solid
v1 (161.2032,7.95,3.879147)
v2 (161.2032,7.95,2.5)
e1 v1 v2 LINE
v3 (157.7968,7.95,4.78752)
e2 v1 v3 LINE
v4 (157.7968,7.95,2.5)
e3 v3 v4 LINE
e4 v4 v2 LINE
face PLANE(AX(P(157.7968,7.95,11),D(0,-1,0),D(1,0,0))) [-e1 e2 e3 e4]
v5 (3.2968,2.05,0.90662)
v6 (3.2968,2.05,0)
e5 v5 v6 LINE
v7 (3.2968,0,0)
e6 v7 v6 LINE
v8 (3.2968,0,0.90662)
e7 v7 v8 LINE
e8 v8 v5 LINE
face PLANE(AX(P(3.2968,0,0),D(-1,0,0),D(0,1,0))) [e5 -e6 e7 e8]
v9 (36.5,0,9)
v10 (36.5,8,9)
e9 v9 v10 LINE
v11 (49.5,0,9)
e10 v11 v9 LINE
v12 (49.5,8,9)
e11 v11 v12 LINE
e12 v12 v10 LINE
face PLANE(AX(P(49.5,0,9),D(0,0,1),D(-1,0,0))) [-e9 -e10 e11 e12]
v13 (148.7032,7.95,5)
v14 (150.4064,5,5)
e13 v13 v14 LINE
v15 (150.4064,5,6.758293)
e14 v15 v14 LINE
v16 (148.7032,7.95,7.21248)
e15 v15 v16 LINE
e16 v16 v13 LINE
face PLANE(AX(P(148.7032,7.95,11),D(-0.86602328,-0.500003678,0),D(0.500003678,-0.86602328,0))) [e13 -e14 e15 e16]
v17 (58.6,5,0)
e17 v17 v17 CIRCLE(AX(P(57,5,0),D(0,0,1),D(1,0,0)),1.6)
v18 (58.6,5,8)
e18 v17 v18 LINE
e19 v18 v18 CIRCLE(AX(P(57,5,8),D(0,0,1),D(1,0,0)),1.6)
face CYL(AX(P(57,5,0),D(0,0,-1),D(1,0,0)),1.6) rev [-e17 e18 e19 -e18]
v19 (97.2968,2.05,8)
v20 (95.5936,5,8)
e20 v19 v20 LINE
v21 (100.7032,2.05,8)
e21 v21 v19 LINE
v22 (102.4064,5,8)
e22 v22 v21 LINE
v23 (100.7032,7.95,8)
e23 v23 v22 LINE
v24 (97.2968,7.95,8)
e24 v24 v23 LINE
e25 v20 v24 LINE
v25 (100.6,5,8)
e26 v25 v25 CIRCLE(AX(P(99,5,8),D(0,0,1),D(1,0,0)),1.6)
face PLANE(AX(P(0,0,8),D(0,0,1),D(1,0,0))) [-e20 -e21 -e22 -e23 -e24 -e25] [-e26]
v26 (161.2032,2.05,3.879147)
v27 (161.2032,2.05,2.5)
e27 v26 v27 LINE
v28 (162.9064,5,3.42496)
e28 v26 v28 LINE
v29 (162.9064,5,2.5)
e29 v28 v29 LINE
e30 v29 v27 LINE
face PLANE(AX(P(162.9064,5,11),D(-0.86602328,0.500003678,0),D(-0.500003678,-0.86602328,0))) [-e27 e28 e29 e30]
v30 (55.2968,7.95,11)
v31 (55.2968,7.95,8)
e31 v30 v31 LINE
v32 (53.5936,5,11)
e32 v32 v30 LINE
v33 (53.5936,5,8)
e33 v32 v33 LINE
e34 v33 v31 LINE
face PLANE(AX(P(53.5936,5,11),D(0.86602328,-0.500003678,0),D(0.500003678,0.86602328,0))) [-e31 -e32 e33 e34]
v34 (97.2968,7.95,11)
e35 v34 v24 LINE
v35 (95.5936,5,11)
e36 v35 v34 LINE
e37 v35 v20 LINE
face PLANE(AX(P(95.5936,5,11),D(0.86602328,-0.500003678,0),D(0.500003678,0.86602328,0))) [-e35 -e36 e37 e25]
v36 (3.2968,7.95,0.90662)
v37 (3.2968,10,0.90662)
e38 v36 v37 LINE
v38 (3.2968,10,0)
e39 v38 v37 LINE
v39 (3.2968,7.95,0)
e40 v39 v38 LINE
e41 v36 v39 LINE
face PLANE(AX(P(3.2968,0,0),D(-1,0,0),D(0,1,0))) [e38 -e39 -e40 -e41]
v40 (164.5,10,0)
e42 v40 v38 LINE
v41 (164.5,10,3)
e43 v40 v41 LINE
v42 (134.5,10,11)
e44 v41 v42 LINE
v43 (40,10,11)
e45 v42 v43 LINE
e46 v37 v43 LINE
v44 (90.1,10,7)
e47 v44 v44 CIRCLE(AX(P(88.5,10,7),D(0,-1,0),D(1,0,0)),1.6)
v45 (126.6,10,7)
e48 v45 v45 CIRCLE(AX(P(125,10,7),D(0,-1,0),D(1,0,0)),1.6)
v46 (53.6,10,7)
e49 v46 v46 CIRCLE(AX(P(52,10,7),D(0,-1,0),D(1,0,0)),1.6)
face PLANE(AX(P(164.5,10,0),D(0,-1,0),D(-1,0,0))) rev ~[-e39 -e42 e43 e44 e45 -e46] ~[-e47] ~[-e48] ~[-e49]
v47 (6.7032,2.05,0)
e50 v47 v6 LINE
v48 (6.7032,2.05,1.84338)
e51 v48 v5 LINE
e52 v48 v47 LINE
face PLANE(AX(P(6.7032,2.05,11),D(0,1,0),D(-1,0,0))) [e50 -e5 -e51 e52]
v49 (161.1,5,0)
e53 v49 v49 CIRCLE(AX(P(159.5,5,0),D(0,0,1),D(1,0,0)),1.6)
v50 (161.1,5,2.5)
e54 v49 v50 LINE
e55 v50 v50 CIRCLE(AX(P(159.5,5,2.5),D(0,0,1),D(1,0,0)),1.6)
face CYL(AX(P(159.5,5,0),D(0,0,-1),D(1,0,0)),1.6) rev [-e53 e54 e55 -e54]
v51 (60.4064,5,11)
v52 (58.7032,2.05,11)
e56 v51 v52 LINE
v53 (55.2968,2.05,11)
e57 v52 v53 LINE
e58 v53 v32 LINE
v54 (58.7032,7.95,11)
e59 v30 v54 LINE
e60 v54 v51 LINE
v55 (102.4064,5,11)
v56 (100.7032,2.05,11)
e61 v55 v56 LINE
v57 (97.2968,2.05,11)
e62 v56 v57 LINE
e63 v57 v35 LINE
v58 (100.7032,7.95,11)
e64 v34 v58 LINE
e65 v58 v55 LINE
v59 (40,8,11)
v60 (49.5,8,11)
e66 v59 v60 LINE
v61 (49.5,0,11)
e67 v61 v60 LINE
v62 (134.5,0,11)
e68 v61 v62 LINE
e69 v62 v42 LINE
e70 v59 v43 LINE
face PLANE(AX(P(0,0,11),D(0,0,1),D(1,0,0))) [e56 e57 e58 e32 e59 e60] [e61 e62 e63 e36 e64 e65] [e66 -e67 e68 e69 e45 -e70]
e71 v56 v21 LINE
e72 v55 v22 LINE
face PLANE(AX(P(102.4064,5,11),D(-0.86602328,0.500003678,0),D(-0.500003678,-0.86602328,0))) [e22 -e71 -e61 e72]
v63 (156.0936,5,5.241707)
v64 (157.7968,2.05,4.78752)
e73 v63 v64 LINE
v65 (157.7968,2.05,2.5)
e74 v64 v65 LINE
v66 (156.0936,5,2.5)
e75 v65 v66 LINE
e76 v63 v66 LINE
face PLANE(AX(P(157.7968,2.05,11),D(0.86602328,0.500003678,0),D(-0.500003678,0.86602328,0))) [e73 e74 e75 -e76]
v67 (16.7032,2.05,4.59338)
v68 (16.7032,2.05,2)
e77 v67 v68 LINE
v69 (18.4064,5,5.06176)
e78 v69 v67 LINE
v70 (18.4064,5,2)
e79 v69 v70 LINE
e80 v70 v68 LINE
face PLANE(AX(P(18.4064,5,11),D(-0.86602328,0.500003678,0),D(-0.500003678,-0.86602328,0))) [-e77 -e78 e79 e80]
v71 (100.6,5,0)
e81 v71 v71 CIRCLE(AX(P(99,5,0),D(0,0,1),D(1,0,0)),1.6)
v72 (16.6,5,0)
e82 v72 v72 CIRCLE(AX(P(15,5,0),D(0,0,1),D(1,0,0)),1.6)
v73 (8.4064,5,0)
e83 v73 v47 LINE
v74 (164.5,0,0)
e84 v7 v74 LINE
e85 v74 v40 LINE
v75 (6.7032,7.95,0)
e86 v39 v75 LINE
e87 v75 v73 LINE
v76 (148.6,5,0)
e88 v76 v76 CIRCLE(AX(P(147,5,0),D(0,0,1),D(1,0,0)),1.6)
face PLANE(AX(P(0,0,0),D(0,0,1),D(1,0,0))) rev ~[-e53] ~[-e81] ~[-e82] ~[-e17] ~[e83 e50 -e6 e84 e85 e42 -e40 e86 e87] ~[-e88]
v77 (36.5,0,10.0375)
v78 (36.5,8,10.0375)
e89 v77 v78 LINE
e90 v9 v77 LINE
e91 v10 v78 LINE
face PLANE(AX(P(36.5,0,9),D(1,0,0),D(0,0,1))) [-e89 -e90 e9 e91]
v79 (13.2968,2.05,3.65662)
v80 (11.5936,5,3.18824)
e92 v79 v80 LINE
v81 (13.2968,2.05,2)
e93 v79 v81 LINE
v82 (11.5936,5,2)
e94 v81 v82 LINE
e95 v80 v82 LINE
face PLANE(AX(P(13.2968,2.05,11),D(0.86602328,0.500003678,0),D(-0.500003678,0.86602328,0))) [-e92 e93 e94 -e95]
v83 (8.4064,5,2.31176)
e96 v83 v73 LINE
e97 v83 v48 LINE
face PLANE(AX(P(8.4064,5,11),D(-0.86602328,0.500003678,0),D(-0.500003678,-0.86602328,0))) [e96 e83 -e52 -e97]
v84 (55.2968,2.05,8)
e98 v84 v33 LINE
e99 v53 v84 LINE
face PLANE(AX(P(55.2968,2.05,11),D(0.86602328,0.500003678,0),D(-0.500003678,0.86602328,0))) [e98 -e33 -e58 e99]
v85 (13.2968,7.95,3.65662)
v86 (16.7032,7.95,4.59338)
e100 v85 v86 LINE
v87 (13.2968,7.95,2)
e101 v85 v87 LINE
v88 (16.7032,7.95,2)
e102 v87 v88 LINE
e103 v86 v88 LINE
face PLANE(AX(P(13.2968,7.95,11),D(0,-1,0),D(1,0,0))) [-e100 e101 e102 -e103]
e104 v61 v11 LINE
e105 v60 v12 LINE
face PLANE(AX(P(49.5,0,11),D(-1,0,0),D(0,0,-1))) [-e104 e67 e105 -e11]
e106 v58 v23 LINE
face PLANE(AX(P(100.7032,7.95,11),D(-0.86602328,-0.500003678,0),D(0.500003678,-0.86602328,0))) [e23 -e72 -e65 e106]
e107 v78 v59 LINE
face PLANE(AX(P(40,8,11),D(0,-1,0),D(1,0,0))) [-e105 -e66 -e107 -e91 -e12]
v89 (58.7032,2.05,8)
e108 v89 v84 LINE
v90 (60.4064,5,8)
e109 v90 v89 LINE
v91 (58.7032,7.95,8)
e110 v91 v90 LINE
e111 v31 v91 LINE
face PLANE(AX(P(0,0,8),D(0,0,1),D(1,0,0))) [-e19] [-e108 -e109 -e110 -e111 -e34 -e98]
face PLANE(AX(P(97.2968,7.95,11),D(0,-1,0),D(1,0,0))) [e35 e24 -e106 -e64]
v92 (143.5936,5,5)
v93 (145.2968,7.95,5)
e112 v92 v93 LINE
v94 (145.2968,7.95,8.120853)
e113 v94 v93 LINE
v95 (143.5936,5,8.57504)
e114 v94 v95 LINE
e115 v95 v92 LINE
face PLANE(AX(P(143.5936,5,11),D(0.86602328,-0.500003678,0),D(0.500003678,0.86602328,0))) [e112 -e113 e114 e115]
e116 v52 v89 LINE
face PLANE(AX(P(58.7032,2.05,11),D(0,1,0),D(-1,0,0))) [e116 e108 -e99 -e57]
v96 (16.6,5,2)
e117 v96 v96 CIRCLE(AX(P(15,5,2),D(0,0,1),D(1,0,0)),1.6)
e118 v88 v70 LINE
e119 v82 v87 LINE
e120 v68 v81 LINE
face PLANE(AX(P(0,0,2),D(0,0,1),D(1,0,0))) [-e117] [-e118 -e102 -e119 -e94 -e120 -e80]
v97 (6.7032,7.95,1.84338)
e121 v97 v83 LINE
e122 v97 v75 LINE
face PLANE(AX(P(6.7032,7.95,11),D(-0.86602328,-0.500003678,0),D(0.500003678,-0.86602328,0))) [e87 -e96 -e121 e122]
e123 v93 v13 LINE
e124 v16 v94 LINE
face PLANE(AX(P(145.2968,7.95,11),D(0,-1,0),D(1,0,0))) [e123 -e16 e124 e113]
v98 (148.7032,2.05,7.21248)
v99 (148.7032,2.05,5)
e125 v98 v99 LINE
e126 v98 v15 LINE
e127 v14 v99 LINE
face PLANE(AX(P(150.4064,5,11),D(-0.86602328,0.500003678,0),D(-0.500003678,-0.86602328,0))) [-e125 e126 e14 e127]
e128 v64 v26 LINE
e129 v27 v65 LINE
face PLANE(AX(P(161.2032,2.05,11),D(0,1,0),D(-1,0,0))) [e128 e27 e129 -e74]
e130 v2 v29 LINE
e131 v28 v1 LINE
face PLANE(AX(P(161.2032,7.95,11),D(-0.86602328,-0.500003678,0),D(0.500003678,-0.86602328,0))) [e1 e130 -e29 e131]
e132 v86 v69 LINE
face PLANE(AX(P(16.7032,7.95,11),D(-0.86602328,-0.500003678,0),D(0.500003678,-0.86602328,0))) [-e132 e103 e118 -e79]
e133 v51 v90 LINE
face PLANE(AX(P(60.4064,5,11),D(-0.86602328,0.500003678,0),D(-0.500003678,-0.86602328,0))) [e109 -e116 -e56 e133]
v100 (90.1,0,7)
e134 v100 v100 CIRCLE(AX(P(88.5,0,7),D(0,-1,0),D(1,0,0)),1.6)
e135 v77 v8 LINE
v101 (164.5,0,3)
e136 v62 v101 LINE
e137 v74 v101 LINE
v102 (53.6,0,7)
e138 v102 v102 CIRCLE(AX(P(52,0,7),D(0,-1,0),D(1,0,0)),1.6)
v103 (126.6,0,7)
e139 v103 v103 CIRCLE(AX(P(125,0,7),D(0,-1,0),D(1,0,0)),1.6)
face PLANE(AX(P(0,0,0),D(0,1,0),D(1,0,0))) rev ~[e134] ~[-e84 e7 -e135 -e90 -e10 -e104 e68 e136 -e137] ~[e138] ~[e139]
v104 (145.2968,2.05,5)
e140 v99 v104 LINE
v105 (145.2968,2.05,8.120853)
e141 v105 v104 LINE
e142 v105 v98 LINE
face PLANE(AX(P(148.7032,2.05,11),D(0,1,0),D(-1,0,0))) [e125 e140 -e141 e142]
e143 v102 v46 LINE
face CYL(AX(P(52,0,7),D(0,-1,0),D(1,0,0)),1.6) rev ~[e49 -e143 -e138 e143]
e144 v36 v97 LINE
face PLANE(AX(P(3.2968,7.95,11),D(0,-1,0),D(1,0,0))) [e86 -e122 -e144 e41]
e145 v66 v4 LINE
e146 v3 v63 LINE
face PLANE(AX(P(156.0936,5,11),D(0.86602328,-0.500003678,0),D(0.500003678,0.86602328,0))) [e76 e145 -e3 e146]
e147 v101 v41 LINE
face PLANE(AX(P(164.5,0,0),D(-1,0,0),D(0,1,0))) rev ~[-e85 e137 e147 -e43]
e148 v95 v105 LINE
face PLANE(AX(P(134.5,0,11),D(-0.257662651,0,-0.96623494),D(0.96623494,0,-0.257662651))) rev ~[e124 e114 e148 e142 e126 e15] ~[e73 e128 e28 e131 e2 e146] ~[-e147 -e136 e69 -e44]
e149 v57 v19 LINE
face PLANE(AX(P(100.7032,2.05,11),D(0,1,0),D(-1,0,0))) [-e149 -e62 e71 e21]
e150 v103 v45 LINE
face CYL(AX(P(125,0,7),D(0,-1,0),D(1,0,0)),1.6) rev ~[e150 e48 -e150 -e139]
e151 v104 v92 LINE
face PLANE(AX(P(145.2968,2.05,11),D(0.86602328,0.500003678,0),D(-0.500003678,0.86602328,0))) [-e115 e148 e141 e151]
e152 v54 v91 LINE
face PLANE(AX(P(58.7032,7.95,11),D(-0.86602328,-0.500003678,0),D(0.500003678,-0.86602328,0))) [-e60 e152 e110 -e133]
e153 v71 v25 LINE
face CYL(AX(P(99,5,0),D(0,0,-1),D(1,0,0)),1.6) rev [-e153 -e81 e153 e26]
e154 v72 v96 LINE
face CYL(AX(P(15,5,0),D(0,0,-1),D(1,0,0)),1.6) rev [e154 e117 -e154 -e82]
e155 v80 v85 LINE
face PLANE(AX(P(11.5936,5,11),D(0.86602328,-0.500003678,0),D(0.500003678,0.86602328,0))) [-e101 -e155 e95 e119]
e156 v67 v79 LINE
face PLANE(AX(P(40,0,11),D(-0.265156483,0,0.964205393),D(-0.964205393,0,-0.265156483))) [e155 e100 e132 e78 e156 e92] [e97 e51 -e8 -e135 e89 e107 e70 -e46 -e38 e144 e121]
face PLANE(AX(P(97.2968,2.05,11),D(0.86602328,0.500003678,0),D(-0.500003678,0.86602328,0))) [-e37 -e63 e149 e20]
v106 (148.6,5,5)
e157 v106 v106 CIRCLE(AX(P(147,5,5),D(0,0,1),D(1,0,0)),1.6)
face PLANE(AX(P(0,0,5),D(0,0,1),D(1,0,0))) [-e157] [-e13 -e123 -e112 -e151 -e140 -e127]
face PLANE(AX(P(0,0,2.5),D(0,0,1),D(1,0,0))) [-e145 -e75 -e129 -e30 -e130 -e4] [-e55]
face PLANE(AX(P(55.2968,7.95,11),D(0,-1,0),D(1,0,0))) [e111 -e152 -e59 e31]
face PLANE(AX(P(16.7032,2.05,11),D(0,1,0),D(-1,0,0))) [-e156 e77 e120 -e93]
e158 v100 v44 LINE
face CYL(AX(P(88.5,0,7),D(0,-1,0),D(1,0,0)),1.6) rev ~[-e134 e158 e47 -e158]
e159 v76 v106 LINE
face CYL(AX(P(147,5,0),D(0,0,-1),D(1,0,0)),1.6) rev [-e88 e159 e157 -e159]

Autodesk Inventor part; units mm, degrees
ref_plane "YZ Plane" through (0, 0, 0) normal (1, 0, 0) x (0, 1, 0)
ref_plane "XZ Plane" through (0, 0, 0) normal (0, 1, 0) x (-1, 0, 0)
ref_plane "XY Plane" through (0, 0, 0) normal (0, 0, 1) x (1, 0, 0)
sketch "Sketch1" plane through (0, 0, 0) normal (0, 0, 1) x (1, 0, 0)
  line L0 (0, 0) -> (164.5, 0)
  line L1 (164.5, 0) -> (164.5, 10)
  line L2 (164.5, 10) -> (0, 10)
  line L3 (0, 10) -> (0, 0)
  circle A0 centre (57, 5) radius 1.6
  circle A1 centre (99, 5) radius 1.6
  circle A2 centre (159.5, 5) radius 1.6
  circle A3 centre (147, 5) radius 1.6
  circle A4 centre (15, 5) radius 1.6
  circle A5 centre (5, 5) radius 1.6
  dimension "d1" = 10
  dimension "d2" = 90
  dimension "d4" = 3.2
  dimension "d6" = 3.2
  dimension "d7" = 3.2
  dimension "d8" = 42
  dimension "d9" = 60.5
  dimension "d26" = 3.2
  dimension "d27" = 48
  dimension "d28" = 3.2
  dimension "d29" = 42
  dimension "d32" = 15
  dimension "d33" = 5
  dimension "d61" = 3.2
  dimension "d62" = 10
  dimension "d63" = 12.5
ref_plane "Work Plane2" through (0, 0, 0) normal (0, -1, 0) x (1, 0, 0)
sketch "Sketch2" plane through (0, 0, 0) normal (0, -1, 0) x (1, 0, 0)
  circle A0 centre (52, 7) radius 1.6
  circle A1 centre (125, 7) radius 1.6
  circle A2 centre (88.5, 7) radius 1.6
  point P0 (0, 0)
  dimension "d13" = 3.2
  dimension "d15" = 3.2
  dimension "d17" = 3.2
  dimension "d18" = 36.5
  dimension "d64" = 52
  dimension "d65" = 36.5
ref_plane "Work Plane1" through (0, 0, 11) normal (0, 0, 1) x (1, 0, 0)
extrude "klocek" add sketch "Sketch1" along normal blind 11
ref_plane "Work Plane3" through (0, 0, 0) normal (0, -1, 0) x (1, 0, 0)
extrude "prowadzenie osi" cut sketch "Sketch2" against normal up to next
ref_plane "Work Plane4" through (0, 0, 0) normal (0, -1, 0) x (1, 0, 0)
sketch "Sketch7" plane through (0, 0, 0) normal (0, -1, 0) x (1, 0, 0)
  line L0 (0, 11) -> (0, 0)
  line L1 (0, 11) -> (164.5, 11) projected
  line L2 (0, 11) -> (40, 11)
  line L3 (40, 11) -> (0, 0)
  point P0 (0, -1.8333)
  dimension "d86" = 11
  dimension "d87" = 40
sketch "Sketch8" plane through (0, 0, 0) normal (0, -1, 0) x (1, 0, 0)
  line L0 (164.5, 0) -> (164.5, 11) projected
  line L1 (164.5, 11) -> (164.5, 3)
  line L2 (164.5, 11) -> (0, 11) projected
  line L3 (164.5, 11) -> (134.5, 11)
  line L4 (134.5, 11) -> (164.5, 3)
  point P0 (0, 0)
  point P1 (40.8333, 11)
  dimension "d80" = 8
  dimension "d81" = 30
extrude "przedni skos" cut sketch "Sketch7" against normal up to next
extrude "tylni skos" cut sketch "Sketch8" against normal up to next
ref_plane "Work Plane7" through (0, 0, 11) normal (0, 0, 1) x (1, 0, 0)
sketch "Sketch5" plane through (0, 0, 11) normal (0, 0, 1) x (1, 0, 0)
  circle A0 centre (99, 5) radius 1.6 projected
  line L0 (95.5936, 5) -> (97.2968, 7.95)
  line L1 (97.2968, 7.95) -> (100.7032, 7.95)
  line L2 (100.7032, 7.95) -> (102.4064, 5)
  line L3 (102.4064, 5) -> (100.7032, 2.05)
  line L4 (100.7032, 2.05) -> (97.2968, 2.05)
  line L5 (97.2968, 2.05) -> (95.5936, 5)
  circle A1 centre (57, 5) radius 1.6 projected
  line L6 (60.4064, 5) -> (58.7032, 2.05)
  line L7 (58.7032, 2.05) -> (55.2968, 2.05)
  line L8 (55.2968, 2.05) -> (53.5936, 5)
  line L9 (53.5936, 5) -> (55.2968, 7.95)
  line L10 (55.2968, 7.95) -> (58.7032, 7.95)
  line L11 (58.7032, 7.95) -> (60.4064, 5)
  point P0 (119.5, 5)
  dimension "d98" = 5.9
  dimension "d100" = 5.9
extrude "hex insert middle" cut sketch "Sketch5" against normal blind 3
ref_plane "Work Plane6" through (0, 0, 11) normal (0, 0, 1) x (1, 0, 0)
sketch "Sketch9" plane through (0, 0, 11) normal (0, 0, 1) x (1, 0, 0)
  circle A0 centre (147, 5) radius 1.6 projected
  line L0 (150.4064, 5) -> (148.7032, 2.05)
  line L1 (148.7032, 2.05) -> (145.2968, 2.05)
  line L2 (145.2968, 2.05) -> (143.5936, 5)
  line L3 (143.5936, 5) -> (145.2968, 7.95)
  line L4 (145.2968, 7.95) -> (148.7032, 7.95)
  line L5 (148.7032, 7.95) -> (150.4064, 5)
  point P0 (0, 0)
  point P1 (153, 5)
  dimension "d99" = 5.9
extrude "hex insert rear 1" cut sketch "Sketch9" against normal blind 6
ref_plane "Work Plane5" through (0, 0, 11) normal (0, 0, 1) x (1, 0, 0)
sketch "Sketch10" plane through (0, 0, 11) normal (0, 0, 1) x (1, 0, 0)
  circle A0 centre (159.5, 5) radius 1.6 projected
  line L0 (162.9064, 5) -> (161.2032, 2.05)
  line L1 (161.2032, 2.05) -> (157.7968, 2.05)
  line L2 (157.7968, 2.05) -> (156.0936, 5)
  line L3 (156.0936, 5) -> (157.7968, 7.95)
  line L4 (157.7968, 7.95) -> (161.2032, 7.95)
  line L5 (161.2032, 7.95) -> (162.9064, 5)
  point P0 (0, 0)
  dimension "d101" = 5.9
extrude "hex insert rear 2" cut sketch "Sketch10" against normal blind 8.5
sketch "Sketch13" plane through (0, 0, 11) normal (0, 0, 1) x (1, 0, 0)
  circle A0 centre (5, 5) radius 1.6 projected
  line L0 (8.4064, 5) -> (6.7032, 2.05)
  line L1 (6.7032, 2.05) -> (3.2968, 2.05)
  line L2 (3.2968, 2.05) -> (1.5936, 5)
  line L3 (1.5936, 5) -> (3.2968, 7.95)
  line L4 (3.2968, 7.95) -> (6.7032, 7.95)
  line L5 (6.7032, 7.95) -> (8.4064, 5)
  point P0 (0, 0)
  dimension "d90" = 5.9
extrude "hex insert front 1" cut sketch "Sketch13" against normal through all
sketch "Sketch16" plane through (0, 0, 11) normal (0, 0, 1) x (1, 0, 0)
  circle A0 centre (15, 5) radius 1.6 projected
  line L0 (18.4064, 5) -> (16.7032, 2.05)
  line L1 (16.7032, 2.05) -> (13.2968, 2.05)
  line L2 (13.2968, 2.05) -> (11.5936, 5)
  line L3 (11.5936, 5) -> (13.2968, 7.95)
  line L4 (13.2968, 7.95) -> (16.7032, 7.95)
  line L5 (16.7032, 7.95) -> (18.4064, 5)
  point P0 (0, 0)
  dimension "d93" = 5.9
extrude "hex insert front 2" cut sketch "Sketch16" against normal blind 9
sketch "Sketch17" plane through (0, 0, 0) normal (0, 0, -1) x (-1, 0, 0)
  line L0 (0, 10) -> (0, 0) projected
  line L1 (0, 0) -> (-3.2968, 0)
  line L2 (-3.2968, 0) -> (-3.2968, 10.0042)
  line L3 (-3.2968, 10.0042) -> (0, 10.0042)
  line L4 (0, 10.0042) -> (0, 0)
extrude "Extrusion20" cut sketch "Sketch17" against normal up to next
sketch "Sketch18" plane through (40, 0, 11) normal (0, -1, 0) x (1, 0, 0)
  line L0 (9.5, 0) -> (9.5, -2)
  line L1 (9.5, -2) -> (-3.5, -2)
  line L2 (-3.5, -2) -> (-3.5, 0)
  line L3 (-3.5, 0) -> (9.5, 0)
  line L4 (94.5, 0) -> (0, 0) projected
  circle A0 centre (12, -4) radius 1.6 projected
  line L5 (-36.7032, -11) -> (124.5, -11) projected
  point P0 (-40, -11)
  dimension "d102" = 2
  dimension "d103" = 13
  dimension "d104" = 2.5
extrude "Extrusion21" cut sketch "Sketch18" against normal blind 8 contours L0 L1 L2 L3
properties part number "wheel_support_v2"
